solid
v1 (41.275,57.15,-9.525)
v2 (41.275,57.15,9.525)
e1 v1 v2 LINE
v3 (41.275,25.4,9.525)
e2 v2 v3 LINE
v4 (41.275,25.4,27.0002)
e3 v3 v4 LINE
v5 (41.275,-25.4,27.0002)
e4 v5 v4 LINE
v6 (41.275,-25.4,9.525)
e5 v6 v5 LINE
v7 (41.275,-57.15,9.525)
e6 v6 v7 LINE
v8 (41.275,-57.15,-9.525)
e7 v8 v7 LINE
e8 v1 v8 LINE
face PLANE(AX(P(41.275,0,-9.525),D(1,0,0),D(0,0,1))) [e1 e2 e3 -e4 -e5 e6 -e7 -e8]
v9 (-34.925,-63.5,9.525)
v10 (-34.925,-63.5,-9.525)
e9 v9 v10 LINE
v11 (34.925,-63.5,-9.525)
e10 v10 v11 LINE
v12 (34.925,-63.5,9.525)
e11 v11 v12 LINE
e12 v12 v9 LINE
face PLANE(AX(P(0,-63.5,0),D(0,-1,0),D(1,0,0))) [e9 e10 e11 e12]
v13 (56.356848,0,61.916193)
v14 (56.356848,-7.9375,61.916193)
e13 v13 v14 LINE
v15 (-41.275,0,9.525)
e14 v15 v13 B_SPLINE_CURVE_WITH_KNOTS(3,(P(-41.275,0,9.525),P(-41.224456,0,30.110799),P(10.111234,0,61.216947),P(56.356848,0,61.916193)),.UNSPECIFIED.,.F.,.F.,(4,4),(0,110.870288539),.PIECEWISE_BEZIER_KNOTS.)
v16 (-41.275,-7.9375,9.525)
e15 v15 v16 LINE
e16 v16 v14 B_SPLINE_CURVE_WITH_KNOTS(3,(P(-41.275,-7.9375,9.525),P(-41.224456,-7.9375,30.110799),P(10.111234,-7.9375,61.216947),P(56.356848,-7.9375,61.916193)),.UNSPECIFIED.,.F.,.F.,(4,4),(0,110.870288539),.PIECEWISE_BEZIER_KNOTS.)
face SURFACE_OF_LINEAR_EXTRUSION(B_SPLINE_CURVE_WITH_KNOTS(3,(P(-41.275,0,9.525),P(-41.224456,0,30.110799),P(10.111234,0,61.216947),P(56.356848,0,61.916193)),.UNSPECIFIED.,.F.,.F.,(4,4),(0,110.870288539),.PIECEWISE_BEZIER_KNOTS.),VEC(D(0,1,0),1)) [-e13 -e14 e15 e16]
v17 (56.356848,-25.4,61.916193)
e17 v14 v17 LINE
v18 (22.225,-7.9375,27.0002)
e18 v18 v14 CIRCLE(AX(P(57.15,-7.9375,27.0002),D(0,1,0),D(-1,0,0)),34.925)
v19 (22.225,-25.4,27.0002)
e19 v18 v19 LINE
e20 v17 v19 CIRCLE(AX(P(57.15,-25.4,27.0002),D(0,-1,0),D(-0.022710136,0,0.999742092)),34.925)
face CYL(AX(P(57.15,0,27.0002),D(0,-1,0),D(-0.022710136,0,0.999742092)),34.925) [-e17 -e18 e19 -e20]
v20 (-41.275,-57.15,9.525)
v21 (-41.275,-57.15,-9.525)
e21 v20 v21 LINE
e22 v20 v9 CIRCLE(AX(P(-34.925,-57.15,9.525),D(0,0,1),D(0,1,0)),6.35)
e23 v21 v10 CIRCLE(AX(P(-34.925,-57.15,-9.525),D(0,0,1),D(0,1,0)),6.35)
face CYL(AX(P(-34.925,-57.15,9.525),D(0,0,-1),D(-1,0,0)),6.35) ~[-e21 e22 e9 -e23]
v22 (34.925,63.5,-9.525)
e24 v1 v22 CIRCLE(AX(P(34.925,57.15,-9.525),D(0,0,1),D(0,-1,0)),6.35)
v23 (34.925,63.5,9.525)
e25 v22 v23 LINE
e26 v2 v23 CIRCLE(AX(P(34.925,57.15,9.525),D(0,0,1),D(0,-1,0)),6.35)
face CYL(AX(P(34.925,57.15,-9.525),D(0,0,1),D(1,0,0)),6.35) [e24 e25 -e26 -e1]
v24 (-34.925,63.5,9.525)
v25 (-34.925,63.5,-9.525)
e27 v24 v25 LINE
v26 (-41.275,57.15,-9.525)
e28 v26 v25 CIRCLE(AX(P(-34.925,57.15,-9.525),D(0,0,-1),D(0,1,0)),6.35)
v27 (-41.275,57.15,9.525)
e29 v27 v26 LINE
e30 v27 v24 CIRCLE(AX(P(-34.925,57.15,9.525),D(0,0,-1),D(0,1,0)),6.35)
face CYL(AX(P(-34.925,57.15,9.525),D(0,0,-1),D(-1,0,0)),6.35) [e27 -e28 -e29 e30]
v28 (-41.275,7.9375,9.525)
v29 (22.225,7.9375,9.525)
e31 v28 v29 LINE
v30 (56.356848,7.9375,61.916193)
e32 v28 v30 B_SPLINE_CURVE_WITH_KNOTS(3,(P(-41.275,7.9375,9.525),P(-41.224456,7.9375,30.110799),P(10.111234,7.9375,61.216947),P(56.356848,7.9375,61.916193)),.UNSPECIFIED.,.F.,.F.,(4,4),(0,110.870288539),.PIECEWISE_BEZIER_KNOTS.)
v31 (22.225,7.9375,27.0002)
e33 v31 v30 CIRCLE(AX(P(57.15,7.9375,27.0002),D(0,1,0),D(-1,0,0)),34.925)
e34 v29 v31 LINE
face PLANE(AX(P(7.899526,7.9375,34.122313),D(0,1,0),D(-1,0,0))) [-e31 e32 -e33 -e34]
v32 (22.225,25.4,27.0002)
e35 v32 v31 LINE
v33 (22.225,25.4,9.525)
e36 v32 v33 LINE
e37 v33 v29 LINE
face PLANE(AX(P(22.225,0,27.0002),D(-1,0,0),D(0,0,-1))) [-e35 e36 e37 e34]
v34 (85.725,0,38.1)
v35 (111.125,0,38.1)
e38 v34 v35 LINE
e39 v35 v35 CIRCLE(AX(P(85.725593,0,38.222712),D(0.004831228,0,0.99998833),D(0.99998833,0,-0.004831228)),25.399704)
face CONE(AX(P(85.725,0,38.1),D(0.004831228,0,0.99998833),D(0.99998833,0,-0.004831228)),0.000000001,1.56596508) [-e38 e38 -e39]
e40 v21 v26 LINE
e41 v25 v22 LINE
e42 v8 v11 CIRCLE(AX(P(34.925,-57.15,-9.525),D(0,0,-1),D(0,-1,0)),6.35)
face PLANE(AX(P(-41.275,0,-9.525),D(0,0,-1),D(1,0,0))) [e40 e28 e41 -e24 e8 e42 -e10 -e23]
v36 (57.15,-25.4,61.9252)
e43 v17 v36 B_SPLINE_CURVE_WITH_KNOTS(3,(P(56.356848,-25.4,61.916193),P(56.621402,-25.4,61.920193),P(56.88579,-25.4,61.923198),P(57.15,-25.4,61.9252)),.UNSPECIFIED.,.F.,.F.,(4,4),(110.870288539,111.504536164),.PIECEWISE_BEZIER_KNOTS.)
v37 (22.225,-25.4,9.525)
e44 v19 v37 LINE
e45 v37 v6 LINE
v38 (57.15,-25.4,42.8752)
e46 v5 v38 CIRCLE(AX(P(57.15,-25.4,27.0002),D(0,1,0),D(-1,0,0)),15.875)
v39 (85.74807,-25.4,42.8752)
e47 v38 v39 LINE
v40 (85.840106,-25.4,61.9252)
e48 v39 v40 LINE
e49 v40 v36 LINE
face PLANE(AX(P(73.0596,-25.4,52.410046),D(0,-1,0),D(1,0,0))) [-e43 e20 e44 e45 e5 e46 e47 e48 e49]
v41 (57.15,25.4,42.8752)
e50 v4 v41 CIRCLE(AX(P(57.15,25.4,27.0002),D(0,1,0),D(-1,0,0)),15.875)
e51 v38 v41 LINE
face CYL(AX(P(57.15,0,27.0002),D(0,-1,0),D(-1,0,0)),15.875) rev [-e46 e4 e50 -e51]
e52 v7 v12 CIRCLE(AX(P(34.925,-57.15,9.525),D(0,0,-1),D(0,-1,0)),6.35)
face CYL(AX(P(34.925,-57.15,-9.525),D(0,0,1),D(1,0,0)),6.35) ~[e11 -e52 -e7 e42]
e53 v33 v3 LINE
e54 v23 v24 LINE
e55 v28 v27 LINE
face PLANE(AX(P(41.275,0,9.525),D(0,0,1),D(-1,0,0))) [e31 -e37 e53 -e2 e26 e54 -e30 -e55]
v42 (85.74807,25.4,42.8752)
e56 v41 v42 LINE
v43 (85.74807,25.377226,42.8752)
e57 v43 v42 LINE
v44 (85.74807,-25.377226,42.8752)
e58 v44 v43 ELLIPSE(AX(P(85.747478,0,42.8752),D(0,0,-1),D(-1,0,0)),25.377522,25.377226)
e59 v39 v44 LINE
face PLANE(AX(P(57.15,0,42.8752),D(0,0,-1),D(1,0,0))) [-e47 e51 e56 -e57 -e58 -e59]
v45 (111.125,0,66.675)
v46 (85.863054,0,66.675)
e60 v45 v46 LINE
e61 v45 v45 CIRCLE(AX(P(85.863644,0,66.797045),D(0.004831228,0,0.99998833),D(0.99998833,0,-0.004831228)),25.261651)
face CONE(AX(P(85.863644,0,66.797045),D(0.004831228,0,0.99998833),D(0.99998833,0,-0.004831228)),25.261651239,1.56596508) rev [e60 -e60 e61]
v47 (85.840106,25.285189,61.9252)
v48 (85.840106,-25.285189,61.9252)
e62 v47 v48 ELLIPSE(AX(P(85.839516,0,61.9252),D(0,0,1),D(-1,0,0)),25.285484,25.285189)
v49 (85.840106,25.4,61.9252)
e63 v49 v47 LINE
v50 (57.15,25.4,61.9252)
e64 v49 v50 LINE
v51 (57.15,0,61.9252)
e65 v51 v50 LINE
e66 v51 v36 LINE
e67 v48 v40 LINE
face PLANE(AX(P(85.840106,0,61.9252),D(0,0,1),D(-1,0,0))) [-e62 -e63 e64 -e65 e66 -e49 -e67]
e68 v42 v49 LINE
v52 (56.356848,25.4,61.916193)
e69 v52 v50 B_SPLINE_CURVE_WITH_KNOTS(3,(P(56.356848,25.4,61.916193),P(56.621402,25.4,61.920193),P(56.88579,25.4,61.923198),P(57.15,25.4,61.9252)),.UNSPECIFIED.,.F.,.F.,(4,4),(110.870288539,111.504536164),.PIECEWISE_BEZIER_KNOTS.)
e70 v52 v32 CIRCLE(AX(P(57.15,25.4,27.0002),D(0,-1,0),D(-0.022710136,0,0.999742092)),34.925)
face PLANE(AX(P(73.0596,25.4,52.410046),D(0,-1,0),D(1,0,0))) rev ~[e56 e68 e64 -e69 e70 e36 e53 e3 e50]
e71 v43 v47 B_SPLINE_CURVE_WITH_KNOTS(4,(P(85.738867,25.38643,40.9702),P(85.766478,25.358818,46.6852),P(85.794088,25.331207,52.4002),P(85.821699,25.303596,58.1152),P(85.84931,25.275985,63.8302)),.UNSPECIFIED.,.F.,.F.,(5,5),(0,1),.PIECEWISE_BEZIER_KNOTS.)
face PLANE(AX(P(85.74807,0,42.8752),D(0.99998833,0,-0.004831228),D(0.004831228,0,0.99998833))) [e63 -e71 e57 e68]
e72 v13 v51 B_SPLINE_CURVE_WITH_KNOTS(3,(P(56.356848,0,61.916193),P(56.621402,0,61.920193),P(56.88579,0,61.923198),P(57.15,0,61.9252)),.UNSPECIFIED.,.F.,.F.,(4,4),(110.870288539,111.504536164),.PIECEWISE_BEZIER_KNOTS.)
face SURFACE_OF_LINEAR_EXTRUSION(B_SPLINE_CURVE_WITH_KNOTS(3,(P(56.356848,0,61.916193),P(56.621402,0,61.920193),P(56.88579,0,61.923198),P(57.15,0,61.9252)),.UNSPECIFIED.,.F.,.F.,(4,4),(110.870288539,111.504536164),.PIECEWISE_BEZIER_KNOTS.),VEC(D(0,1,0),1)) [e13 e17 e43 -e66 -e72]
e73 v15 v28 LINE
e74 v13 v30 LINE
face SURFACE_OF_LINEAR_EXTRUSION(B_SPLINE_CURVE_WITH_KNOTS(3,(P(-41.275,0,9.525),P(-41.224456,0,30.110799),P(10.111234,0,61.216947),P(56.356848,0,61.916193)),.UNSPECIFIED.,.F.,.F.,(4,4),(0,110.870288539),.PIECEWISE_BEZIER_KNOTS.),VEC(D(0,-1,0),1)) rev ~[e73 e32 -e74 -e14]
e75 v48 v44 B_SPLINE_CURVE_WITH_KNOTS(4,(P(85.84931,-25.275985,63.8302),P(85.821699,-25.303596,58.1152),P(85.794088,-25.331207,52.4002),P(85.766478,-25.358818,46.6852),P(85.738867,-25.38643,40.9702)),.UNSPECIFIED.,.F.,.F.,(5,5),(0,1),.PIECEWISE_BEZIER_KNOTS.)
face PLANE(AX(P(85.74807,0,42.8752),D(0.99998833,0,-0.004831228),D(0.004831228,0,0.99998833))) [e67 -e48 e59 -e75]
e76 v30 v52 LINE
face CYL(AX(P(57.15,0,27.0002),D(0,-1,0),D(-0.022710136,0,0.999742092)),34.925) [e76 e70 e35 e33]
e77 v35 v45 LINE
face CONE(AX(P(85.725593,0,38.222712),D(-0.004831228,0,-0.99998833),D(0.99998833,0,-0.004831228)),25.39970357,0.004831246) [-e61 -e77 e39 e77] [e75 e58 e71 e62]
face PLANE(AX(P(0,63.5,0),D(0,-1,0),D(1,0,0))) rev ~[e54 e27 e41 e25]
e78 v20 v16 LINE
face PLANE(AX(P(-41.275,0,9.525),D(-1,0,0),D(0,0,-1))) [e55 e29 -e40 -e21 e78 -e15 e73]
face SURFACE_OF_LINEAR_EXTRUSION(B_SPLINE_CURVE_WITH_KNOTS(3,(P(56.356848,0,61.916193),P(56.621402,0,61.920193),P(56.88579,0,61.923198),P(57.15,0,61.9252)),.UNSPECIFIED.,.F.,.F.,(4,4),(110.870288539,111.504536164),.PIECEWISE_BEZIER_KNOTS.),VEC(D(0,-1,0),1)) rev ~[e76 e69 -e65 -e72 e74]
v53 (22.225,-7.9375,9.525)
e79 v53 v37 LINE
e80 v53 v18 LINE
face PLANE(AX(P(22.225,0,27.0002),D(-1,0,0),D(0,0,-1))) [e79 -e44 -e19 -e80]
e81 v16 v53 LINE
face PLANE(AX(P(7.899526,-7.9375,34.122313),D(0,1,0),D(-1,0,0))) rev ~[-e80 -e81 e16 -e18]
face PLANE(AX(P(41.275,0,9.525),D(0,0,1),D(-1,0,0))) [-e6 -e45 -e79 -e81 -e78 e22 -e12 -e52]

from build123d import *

# Parameters (mm, degrees)
F1_DEPTH = 63.5
F2_DEPTH = 25.4
F3_DEPTH = 7.9375
F5_R     = 6.35


with BuildPart() as f1:
    # F0 (on Front) → F1 (new body, symmetric)
    with BuildSketch(Plane.XZ):
        Polygon((-41.275, -9.525), (41.275, -9.525), (41.275, 9.525), (22.225, 9.525), (-41.275, 9.525), align=None)
    extrude(amount=F1_DEPTH, both=True)

    # F0 (on Front) → F2 (join, symmetric)
    with BuildSketch(Plane.XZ):
        Polygon((60.325, 61.9252), (60.325, 42.8752), (85.7480703479, 42.8752), (85.8401063105, 61.9252), align=None)
        with BuildLine():
            Line((22.225, 9.525), (41.275, 9.525))
            Line((41.275, 9.525), (41.275, 27.0002))
            ThreePointArc((41.275, 27.0002), (45.9246798487, 38.2255201513), (57.15, 42.8752))
            Line((57.15, 42.8752), (60.325, 42.8752))
            Line((60.325, 42.8752), (60.325, 61.9252))
            Line((60.325, 61.9252), (57.15, 61.9252))
            add(Edge.make_bspline(
                [(56.356848483, 61.9161925488), (56.6214024157, 61.9201926701), (56.8857897727, 61.9231977078), (57.15, 61.9252)],
                knots=[110.870288539, 110.870288539, 110.870288539, 110.870288539, 111.5045361635, 111.5045361635, 111.5045361635, 111.5045361635], degree=3))
            ThreePointArc((56.356848483, 61.9161925488), (32.1754485352, 51.4138724835), (22.225, 27.0002))
            Line((22.225, 27.0002), (22.225, 9.525))
        make_face()
    extrude(amount=F2_DEPTH, both=True)

    # F0 (on Front) → F3 (join, symmetric)
    with BuildSketch(Plane.XZ):
        with BuildLine():
            add(Edge.make_bspline(
                [(-41.275, 9.525), (-41.2244558949, 30.1107989648), (10.1112344326, 61.2169473646), (56.356848483, 61.9161925488)],
                knots=[0, 0, 0, 0, 110.870288539, 110.870288539, 110.870288539, 110.870288539], degree=3))
            Line((-41.275, 9.525), (22.225, 9.525))
            Line((22.225, 9.525), (22.225, 27.0002))
            ThreePointArc((22.225, 27.0002), (32.1754485352, 51.4138724835), (56.356848483, 61.9161925488))
        make_face()
    extrude(amount=F3_DEPTH, both=True)

    # F0 (on Front) → F4 (revolve)
    with BuildSketch(Plane.XZ):
        Polygon((85.8401063105, 61.9252), (85.7480703479, 42.8752), (85.725, 38.1), (111.125, 38.1), (111.125, 66.675), (85.8630539438, 66.675), align=None)
    revolve(axis=Axis((85.7940269719, 0, 52.3875), (0.0048312277, 0, 0.9999883296)))

    # F5
    f5_edges = [f1.edges().sort_by_distance(p)[0] for p in [
        (41.275, -63.5, 0),
        (-41.275, -63.5, 0),
        (41.275, 63.5, 0),
        (-41.275, 63.5, 0),
    ]]
    fillet(f5_edges, radius=F5_R)


solid = f1.part
